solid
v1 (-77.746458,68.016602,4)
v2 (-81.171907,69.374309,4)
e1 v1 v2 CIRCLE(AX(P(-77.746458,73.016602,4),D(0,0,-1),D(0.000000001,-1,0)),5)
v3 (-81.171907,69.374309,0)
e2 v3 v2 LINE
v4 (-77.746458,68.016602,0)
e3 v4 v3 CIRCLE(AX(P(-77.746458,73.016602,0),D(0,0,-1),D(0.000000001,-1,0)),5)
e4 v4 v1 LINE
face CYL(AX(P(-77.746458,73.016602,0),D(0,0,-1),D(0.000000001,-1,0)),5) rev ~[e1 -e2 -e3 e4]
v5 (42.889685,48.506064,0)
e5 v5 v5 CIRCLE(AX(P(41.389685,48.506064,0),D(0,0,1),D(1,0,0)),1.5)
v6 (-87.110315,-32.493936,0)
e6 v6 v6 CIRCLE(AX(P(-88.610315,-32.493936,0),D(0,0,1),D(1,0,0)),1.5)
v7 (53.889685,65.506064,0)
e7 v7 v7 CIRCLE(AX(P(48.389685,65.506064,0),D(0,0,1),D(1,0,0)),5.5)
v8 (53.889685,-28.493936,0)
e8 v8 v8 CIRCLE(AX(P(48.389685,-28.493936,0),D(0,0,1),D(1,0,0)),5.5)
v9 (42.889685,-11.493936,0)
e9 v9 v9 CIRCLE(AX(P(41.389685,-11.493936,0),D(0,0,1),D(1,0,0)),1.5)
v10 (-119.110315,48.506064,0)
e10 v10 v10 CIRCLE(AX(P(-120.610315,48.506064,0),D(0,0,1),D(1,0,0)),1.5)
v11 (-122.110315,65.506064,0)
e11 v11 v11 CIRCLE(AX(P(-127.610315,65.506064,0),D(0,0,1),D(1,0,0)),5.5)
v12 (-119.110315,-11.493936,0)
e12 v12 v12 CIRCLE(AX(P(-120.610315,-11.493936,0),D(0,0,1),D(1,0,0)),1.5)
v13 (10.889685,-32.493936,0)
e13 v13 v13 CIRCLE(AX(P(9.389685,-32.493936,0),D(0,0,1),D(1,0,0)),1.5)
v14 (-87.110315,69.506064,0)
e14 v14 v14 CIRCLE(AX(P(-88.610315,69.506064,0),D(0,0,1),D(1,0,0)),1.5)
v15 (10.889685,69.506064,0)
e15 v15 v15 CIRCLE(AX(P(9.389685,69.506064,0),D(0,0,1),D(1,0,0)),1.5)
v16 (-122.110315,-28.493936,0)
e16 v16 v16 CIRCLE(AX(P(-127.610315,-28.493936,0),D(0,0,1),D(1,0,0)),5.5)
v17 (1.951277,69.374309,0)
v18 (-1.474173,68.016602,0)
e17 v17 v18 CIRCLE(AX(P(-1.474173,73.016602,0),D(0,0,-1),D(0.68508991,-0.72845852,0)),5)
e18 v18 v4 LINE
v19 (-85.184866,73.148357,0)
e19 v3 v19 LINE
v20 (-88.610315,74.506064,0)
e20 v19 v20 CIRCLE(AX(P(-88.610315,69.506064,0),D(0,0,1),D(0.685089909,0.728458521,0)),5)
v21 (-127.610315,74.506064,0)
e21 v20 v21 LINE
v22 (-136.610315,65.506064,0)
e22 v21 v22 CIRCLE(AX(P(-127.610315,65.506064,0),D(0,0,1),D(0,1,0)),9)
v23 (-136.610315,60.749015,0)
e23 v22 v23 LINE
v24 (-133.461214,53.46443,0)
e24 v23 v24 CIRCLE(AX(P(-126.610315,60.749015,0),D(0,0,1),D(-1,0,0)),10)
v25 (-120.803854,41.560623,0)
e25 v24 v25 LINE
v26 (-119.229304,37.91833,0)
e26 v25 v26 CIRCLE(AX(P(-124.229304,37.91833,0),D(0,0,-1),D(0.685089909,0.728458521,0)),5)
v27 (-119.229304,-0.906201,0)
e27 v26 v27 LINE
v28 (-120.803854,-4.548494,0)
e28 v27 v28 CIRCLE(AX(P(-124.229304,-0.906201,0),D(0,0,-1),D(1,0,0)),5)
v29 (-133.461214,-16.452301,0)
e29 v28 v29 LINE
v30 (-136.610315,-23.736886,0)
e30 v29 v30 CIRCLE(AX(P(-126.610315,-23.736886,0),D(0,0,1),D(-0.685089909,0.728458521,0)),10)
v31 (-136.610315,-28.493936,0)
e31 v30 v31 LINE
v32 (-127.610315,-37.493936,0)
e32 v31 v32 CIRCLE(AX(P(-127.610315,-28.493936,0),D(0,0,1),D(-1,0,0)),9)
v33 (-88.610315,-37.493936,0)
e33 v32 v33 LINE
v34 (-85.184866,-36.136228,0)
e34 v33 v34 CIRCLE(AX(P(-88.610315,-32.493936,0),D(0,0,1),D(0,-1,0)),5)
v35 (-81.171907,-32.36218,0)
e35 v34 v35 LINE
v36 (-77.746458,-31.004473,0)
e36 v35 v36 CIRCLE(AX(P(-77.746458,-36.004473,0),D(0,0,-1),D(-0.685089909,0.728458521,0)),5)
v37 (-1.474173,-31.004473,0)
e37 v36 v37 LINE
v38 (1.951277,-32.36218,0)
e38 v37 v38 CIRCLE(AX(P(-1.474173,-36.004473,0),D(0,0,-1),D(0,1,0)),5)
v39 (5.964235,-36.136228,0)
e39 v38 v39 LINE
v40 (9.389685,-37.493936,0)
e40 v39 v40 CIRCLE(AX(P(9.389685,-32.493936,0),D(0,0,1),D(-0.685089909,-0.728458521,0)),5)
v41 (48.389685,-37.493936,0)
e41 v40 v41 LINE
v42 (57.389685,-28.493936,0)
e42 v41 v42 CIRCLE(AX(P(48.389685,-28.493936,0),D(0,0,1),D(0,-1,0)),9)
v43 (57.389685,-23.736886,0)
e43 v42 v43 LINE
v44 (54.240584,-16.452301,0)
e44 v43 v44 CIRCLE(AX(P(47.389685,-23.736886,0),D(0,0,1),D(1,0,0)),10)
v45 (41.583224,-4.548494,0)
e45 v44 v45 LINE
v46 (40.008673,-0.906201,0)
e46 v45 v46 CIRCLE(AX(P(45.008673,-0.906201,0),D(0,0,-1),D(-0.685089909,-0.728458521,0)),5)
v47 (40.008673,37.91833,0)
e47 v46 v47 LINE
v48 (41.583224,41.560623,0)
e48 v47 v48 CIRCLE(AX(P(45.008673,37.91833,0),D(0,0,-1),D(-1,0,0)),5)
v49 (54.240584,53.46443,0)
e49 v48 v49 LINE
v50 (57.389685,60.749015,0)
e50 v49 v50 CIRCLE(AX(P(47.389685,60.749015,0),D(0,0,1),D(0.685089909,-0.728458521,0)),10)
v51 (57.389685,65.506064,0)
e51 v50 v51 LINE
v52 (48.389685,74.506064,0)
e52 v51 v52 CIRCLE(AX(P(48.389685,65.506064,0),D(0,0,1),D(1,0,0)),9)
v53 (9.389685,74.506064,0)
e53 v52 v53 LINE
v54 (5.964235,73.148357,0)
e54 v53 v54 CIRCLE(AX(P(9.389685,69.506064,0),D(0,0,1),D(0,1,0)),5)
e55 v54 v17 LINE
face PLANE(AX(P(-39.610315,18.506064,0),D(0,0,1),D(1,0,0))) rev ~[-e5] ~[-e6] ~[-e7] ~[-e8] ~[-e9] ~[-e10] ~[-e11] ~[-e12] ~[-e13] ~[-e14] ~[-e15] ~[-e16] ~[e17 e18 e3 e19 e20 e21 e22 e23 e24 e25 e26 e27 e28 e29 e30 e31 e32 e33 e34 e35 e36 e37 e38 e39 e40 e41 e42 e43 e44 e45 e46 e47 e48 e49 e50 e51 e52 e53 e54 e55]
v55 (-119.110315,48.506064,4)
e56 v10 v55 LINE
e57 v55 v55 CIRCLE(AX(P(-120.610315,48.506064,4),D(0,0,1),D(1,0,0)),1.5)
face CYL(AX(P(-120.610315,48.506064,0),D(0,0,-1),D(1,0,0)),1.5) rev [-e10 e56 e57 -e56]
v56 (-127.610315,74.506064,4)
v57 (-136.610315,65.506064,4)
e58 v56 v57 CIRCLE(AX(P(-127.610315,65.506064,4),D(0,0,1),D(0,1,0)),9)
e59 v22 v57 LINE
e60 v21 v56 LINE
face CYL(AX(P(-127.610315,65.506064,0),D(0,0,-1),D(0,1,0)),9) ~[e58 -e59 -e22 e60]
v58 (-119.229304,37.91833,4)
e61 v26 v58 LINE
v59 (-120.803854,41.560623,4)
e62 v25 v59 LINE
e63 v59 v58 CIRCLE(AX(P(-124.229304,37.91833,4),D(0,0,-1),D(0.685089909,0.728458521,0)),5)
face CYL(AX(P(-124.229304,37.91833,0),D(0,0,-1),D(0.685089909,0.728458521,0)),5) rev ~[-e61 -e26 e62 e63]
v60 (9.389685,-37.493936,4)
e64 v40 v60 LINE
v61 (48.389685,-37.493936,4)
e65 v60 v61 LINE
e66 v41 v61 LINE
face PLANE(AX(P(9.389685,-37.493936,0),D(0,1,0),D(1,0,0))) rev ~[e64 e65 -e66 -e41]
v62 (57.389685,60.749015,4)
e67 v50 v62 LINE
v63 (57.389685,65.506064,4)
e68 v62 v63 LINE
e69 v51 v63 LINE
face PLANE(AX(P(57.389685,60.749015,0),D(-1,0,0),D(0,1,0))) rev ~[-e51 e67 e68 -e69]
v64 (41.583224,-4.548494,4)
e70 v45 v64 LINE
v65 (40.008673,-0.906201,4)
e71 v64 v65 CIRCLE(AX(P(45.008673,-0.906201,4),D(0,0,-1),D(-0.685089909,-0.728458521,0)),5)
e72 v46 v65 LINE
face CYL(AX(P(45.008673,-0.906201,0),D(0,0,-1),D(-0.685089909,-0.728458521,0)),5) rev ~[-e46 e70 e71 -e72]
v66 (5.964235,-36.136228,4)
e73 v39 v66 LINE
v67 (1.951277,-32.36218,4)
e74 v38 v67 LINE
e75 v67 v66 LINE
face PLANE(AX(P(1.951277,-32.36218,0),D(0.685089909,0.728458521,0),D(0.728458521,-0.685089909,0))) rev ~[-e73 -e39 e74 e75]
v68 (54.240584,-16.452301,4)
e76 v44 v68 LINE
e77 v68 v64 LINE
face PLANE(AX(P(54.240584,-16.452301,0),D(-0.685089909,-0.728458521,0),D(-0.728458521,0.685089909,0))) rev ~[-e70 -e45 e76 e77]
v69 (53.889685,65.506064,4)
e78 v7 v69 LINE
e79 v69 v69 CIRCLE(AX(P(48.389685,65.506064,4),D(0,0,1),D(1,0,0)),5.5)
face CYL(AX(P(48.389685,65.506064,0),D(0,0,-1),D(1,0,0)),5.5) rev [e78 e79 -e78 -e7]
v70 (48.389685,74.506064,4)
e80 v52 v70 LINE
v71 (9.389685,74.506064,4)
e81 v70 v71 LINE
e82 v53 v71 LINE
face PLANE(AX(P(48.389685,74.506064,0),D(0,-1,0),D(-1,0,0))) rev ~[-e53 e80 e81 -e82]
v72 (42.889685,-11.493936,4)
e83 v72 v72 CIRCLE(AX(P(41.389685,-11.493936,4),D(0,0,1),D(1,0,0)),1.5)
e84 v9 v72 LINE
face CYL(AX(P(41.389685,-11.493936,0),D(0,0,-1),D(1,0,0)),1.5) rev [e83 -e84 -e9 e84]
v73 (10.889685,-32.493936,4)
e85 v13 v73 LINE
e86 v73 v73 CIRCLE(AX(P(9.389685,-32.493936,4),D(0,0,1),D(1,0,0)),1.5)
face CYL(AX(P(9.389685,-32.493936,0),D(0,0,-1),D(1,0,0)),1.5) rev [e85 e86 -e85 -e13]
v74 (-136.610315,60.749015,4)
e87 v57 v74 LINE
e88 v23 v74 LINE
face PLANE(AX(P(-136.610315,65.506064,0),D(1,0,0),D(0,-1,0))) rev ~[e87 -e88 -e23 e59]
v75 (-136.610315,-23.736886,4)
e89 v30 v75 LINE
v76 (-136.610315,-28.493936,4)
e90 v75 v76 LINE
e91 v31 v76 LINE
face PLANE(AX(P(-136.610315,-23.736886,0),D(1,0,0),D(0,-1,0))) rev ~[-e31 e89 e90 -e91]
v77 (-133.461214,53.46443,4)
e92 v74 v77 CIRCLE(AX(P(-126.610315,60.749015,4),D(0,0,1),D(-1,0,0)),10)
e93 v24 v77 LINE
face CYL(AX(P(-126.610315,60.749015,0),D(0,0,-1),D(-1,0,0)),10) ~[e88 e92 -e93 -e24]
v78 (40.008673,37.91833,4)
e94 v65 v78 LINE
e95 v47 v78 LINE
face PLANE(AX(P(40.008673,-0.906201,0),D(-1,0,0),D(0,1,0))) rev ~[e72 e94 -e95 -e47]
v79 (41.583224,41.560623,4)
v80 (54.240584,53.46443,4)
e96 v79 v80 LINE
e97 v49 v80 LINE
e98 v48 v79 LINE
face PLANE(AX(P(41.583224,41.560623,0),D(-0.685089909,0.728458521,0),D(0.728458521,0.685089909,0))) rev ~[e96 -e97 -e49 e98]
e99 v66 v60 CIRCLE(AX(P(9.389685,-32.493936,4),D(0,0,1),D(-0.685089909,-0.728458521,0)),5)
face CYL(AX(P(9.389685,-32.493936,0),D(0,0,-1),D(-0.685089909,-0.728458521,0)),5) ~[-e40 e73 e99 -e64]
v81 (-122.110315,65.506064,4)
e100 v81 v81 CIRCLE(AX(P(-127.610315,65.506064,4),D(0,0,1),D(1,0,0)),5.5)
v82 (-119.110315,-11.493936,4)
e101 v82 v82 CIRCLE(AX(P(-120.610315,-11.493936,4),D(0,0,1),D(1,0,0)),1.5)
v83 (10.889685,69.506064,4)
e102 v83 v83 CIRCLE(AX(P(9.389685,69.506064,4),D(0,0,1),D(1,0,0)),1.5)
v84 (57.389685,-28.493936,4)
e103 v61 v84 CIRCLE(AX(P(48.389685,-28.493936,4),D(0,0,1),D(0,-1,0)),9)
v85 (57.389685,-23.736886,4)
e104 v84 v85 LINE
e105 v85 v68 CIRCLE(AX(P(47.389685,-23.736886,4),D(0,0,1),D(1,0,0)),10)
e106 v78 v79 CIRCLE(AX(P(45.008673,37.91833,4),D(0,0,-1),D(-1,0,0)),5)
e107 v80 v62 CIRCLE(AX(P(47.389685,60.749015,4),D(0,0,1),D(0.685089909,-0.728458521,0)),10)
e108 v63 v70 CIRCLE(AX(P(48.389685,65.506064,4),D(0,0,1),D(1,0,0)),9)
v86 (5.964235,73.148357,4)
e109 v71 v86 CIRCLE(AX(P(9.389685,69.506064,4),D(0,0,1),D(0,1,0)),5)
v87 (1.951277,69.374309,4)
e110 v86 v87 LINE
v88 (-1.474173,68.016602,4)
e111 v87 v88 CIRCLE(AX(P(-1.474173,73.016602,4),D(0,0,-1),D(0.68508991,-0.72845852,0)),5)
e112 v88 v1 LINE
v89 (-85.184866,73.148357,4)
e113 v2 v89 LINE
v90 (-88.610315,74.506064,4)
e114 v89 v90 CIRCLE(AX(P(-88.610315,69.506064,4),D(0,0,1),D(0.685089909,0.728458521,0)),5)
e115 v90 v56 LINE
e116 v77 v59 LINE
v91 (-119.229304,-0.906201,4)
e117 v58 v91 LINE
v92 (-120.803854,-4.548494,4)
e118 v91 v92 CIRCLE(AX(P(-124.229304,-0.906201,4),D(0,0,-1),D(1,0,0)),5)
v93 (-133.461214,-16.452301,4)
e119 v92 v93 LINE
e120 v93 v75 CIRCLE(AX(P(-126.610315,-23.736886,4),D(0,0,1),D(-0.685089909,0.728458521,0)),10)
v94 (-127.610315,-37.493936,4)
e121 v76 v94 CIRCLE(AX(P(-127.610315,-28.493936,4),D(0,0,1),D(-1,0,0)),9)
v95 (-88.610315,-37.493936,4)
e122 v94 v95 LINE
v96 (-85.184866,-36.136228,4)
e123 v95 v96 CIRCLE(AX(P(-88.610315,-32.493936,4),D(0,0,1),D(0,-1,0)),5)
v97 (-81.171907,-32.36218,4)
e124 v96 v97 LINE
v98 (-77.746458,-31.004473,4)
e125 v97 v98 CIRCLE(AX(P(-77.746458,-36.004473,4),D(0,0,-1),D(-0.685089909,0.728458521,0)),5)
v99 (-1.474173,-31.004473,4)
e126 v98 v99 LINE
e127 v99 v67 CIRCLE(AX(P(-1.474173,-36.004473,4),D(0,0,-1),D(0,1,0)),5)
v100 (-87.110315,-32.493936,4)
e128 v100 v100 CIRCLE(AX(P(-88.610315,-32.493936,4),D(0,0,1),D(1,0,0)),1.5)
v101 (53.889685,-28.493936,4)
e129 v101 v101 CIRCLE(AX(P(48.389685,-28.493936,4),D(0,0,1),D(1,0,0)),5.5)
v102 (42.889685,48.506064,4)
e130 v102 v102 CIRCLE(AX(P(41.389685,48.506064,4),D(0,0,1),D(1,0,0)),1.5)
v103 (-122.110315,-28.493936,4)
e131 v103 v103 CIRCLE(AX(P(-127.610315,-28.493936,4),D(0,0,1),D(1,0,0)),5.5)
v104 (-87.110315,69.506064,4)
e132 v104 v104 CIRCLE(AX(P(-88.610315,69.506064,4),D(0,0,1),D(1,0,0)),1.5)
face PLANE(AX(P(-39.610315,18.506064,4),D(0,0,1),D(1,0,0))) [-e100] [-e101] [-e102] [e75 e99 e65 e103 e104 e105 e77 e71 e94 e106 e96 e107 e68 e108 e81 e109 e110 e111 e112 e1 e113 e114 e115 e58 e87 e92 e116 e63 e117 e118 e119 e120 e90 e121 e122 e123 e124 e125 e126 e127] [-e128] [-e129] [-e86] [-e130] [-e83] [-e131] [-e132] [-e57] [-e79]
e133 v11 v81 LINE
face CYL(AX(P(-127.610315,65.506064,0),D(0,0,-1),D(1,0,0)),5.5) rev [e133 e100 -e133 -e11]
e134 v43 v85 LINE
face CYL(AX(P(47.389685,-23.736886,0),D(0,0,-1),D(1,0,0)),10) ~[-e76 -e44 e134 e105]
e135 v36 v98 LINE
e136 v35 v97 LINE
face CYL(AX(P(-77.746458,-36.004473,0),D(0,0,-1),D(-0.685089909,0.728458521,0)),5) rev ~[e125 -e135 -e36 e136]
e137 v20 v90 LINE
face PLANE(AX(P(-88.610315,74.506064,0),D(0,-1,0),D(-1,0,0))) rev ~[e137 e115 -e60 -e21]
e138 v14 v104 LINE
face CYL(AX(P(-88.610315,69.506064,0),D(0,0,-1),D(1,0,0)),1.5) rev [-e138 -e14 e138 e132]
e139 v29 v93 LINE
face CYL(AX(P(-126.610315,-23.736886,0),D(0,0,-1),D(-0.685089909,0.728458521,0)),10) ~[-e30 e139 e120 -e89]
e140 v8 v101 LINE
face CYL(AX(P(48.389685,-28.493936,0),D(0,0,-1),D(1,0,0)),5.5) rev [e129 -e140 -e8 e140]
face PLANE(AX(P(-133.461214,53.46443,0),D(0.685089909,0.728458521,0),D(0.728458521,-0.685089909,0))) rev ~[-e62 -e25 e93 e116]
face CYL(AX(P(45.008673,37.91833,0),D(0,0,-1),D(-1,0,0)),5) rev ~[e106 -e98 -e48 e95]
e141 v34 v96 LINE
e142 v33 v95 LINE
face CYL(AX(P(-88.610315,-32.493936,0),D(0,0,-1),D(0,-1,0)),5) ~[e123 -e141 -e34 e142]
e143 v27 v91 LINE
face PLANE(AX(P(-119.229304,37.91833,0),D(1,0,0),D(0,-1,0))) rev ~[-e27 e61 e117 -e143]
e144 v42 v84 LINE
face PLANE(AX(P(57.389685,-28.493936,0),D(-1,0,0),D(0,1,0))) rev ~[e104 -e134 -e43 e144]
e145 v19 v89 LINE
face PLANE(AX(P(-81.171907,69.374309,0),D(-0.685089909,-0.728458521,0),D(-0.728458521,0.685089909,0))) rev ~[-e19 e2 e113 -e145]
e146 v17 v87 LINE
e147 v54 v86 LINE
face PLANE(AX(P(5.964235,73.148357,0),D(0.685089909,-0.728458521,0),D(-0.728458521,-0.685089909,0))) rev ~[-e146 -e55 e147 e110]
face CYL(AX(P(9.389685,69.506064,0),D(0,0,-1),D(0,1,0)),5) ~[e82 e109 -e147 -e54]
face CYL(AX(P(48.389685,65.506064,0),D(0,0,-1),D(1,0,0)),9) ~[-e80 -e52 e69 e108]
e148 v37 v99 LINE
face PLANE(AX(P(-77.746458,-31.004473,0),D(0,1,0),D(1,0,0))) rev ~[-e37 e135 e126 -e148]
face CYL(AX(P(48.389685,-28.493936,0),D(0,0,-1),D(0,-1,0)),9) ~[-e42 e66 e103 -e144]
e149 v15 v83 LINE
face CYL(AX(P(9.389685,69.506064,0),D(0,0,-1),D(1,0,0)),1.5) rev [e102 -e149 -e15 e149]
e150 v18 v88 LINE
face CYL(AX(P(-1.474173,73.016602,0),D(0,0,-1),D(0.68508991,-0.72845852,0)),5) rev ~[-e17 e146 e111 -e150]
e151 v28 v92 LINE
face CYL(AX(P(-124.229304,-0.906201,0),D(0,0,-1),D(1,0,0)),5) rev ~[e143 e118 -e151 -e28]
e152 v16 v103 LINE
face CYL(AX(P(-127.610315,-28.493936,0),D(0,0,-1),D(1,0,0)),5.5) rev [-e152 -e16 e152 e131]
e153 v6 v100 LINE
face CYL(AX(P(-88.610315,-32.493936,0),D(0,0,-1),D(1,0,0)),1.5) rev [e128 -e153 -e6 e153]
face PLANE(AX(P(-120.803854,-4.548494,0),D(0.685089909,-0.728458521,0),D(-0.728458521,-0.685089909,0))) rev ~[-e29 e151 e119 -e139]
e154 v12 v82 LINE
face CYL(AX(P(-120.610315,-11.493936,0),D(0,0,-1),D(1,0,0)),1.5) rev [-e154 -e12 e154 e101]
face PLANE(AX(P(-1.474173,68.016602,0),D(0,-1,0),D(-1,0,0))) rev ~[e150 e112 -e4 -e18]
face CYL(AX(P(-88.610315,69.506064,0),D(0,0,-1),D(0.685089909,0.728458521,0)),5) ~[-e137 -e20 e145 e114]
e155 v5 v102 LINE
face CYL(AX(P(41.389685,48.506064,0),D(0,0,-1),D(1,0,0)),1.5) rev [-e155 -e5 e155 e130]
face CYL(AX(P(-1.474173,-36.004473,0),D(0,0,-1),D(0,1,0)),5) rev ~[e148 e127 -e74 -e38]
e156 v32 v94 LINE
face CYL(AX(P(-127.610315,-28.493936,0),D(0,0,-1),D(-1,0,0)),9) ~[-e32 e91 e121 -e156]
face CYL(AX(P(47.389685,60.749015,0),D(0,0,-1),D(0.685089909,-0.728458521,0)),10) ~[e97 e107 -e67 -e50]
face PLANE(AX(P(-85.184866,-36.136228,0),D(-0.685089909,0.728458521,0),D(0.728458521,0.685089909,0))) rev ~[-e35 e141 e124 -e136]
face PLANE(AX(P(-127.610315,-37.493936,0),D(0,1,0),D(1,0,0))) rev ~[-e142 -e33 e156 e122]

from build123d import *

# Parameters (mm, degrees)
SKETCH_1_R      = 1.5
SKETCH_1_R_2    = 5.5
EXTRUDE_1_DEPTH = 4


with BuildPart() as part:
    # Эскиз1 → Бобышка-Вытянуть1 (new body)
    with BuildSketch(Plane.XY):
        with BuildLine():
            Line((-1.474172714, 68.016601782), (-77.746457719, 68.016601782))
            ThreePointArc((-77.746457719, 68.016601782), (-79.588811782, 68.368405195), (-81.171907265, 69.374309179))
            Line((-81.171907265, 69.374309179), (-85.184865671, 73.148357023))
            ThreePointArc((-85.184865671, 73.148357023), (-86.767961154, 74.154261006), (-88.610315217, 74.506064419))
            Line((-88.610315217, 74.506064419), (-127.610315217, 74.506064419))
            ThreePointArc((-127.610315217, 74.506064419), (-133.974276247, 71.87002545), (-136.610315217, 65.506064419))
            Line((-136.610315217, 65.506064419), (-136.610315217, 60.749014849))
            ThreePointArc((-136.610315217, 60.749014849), (-135.789339972, 56.780954297), (-133.461214308, 53.464429642))
            Line((-133.461214308, 53.464429642), (-120.803854155, 41.560622533))
            ThreePointArc((-120.803854155, 41.560622533), (-119.639791323, 39.902360205), (-119.229303701, 37.918329929))
            Line((-119.229303701, 37.918329929), (-119.229303701, -0.906201091))
            ThreePointArc((-119.229303701, -0.906201091), (-119.639791323, -2.890231366), (-120.803854155, -4.548493694))
            Line((-120.803854155, -4.548493694), (-133.461214308, -16.452300803))
            ThreePointArc((-133.461214308, -16.452300803), (-135.789339972, -19.768825459), (-136.610315217, -23.73688601))
            Line((-136.610315217, -23.73688601), (-136.610315217, -28.493935581))
            ThreePointArc((-136.610315217, -28.493935581), (-133.974276247, -34.857896611), (-127.610315217, -37.493935581))
            Line((-127.610315217, -37.493935581), (-88.610315217, -37.493935581))
            ThreePointArc((-88.610315217, -37.493935581), (-86.767961154, -37.142132167), (-85.184865671, -36.136228184))
            Line((-85.184865671, -36.136228184), (-81.171907265, -32.36218034))
            ThreePointArc((-81.171907265, -32.36218034), (-79.588811782, -31.356276357), (-77.746457719, -31.004472943))
            Line((-77.746457719, -31.004472943), (-1.474172714, -31.004472943))
            ThreePointArc((-1.474172714, -31.004472943), (0.368181349, -31.356276357), (1.951276832, -32.36218034))
            Line((1.951276832, -32.36218034), (5.964235238, -36.136228184))
            ThreePointArc((5.964235238, -36.136228184), (7.547330721, -37.142132167), (9.389684783, -37.493935581))
            Line((9.389684783, -37.493935581), (48.389684783, -37.493935581))
            ThreePointArc((48.389684783, -37.493935581), (54.753645814, -34.857896611), (57.389684783, -28.493935581))
            Line((57.389684783, -28.493935581), (57.389684783, -23.73688601))
            ThreePointArc((57.389684783, -23.73688601), (56.568709539, -19.768825459), (54.240583875, -16.452300803))
            Line((54.240583875, -16.452300803), (41.583223722, -4.548493694))
            ThreePointArc((41.583223722, -4.548493694), (40.41916089, -2.890231366), (40.008673268, -0.906201091))
            Line((40.008673268, -0.906201091), (40.008673268, 37.918329929))
            ThreePointArc((40.008673268, 37.918329929), (40.41916089, 39.902360205), (41.583223722, 41.560622533))
            Line((41.583223722, 41.560622533), (54.240583875, 53.464429642))
            ThreePointArc((54.240583875, 53.464429642), (56.568709539, 56.780954297), (57.389684783, 60.749014849))
            Line((57.389684783, 60.749014849), (57.389684783, 65.506064419))
            ThreePointArc((57.389684783, 65.506064419), (54.753645814, 71.87002545), (48.389684783, 74.506064419))
            Line((48.389684783, 74.506064419), (9.389684783, 74.506064419))
            ThreePointArc((9.389684783, 74.506064419), (7.547330721, 74.154261006), (5.964235238, 73.148357023))
            Line((5.964235238, 73.148357023), (1.951276832, 69.374309179))
            ThreePointArc((1.951276832, 69.374309179), (0.368181349, 68.368405195), (-1.474172714, 68.016601782))
        make_face()
        with Locations((-88.610315217, 69.506064419)):
            Circle(SKETCH_1_R, mode=Mode.SUBTRACT)
        with Locations((-120.610315217, 48.506064419)):
            Circle(SKETCH_1_R, mode=Mode.SUBTRACT)
        with Locations((-127.610315217, 65.506064419)):
            Circle(SKETCH_1_R_2, mode=Mode.SUBTRACT)
        with Locations((-127.610315217, -28.493935581)):
            Circle(SKETCH_1_R_2, mode=Mode.SUBTRACT)
        with Locations((-120.610315217, -11.493935581)):
            Circle(SKETCH_1_R, mode=Mode.SUBTRACT)
        with Locations((-88.610315217, -32.493935581)):
            Circle(SKETCH_1_R, mode=Mode.SUBTRACT)
        with Locations((9.389684783, -32.493935581)):
            Circle(SKETCH_1_R, mode=Mode.SUBTRACT)
        with Locations((41.389684783, -11.493935581)):
            Circle(SKETCH_1_R, mode=Mode.SUBTRACT)
        with Locations((48.389684783, -28.493935581)):
            Circle(SKETCH_1_R_2, mode=Mode.SUBTRACT)
        with Locations((48.389684783, 65.506064419)):
            Circle(SKETCH_1_R_2, mode=Mode.SUBTRACT)
        with Locations((41.389684783, 48.506064419)):
            Circle(SKETCH_1_R, mode=Mode.SUBTRACT)
        with Locations((9.389684783, 69.506064419)):
            Circle(SKETCH_1_R, mode=Mode.SUBTRACT)
    extrude(amount=EXTRUDE_1_DEPTH)


solid = part.part
